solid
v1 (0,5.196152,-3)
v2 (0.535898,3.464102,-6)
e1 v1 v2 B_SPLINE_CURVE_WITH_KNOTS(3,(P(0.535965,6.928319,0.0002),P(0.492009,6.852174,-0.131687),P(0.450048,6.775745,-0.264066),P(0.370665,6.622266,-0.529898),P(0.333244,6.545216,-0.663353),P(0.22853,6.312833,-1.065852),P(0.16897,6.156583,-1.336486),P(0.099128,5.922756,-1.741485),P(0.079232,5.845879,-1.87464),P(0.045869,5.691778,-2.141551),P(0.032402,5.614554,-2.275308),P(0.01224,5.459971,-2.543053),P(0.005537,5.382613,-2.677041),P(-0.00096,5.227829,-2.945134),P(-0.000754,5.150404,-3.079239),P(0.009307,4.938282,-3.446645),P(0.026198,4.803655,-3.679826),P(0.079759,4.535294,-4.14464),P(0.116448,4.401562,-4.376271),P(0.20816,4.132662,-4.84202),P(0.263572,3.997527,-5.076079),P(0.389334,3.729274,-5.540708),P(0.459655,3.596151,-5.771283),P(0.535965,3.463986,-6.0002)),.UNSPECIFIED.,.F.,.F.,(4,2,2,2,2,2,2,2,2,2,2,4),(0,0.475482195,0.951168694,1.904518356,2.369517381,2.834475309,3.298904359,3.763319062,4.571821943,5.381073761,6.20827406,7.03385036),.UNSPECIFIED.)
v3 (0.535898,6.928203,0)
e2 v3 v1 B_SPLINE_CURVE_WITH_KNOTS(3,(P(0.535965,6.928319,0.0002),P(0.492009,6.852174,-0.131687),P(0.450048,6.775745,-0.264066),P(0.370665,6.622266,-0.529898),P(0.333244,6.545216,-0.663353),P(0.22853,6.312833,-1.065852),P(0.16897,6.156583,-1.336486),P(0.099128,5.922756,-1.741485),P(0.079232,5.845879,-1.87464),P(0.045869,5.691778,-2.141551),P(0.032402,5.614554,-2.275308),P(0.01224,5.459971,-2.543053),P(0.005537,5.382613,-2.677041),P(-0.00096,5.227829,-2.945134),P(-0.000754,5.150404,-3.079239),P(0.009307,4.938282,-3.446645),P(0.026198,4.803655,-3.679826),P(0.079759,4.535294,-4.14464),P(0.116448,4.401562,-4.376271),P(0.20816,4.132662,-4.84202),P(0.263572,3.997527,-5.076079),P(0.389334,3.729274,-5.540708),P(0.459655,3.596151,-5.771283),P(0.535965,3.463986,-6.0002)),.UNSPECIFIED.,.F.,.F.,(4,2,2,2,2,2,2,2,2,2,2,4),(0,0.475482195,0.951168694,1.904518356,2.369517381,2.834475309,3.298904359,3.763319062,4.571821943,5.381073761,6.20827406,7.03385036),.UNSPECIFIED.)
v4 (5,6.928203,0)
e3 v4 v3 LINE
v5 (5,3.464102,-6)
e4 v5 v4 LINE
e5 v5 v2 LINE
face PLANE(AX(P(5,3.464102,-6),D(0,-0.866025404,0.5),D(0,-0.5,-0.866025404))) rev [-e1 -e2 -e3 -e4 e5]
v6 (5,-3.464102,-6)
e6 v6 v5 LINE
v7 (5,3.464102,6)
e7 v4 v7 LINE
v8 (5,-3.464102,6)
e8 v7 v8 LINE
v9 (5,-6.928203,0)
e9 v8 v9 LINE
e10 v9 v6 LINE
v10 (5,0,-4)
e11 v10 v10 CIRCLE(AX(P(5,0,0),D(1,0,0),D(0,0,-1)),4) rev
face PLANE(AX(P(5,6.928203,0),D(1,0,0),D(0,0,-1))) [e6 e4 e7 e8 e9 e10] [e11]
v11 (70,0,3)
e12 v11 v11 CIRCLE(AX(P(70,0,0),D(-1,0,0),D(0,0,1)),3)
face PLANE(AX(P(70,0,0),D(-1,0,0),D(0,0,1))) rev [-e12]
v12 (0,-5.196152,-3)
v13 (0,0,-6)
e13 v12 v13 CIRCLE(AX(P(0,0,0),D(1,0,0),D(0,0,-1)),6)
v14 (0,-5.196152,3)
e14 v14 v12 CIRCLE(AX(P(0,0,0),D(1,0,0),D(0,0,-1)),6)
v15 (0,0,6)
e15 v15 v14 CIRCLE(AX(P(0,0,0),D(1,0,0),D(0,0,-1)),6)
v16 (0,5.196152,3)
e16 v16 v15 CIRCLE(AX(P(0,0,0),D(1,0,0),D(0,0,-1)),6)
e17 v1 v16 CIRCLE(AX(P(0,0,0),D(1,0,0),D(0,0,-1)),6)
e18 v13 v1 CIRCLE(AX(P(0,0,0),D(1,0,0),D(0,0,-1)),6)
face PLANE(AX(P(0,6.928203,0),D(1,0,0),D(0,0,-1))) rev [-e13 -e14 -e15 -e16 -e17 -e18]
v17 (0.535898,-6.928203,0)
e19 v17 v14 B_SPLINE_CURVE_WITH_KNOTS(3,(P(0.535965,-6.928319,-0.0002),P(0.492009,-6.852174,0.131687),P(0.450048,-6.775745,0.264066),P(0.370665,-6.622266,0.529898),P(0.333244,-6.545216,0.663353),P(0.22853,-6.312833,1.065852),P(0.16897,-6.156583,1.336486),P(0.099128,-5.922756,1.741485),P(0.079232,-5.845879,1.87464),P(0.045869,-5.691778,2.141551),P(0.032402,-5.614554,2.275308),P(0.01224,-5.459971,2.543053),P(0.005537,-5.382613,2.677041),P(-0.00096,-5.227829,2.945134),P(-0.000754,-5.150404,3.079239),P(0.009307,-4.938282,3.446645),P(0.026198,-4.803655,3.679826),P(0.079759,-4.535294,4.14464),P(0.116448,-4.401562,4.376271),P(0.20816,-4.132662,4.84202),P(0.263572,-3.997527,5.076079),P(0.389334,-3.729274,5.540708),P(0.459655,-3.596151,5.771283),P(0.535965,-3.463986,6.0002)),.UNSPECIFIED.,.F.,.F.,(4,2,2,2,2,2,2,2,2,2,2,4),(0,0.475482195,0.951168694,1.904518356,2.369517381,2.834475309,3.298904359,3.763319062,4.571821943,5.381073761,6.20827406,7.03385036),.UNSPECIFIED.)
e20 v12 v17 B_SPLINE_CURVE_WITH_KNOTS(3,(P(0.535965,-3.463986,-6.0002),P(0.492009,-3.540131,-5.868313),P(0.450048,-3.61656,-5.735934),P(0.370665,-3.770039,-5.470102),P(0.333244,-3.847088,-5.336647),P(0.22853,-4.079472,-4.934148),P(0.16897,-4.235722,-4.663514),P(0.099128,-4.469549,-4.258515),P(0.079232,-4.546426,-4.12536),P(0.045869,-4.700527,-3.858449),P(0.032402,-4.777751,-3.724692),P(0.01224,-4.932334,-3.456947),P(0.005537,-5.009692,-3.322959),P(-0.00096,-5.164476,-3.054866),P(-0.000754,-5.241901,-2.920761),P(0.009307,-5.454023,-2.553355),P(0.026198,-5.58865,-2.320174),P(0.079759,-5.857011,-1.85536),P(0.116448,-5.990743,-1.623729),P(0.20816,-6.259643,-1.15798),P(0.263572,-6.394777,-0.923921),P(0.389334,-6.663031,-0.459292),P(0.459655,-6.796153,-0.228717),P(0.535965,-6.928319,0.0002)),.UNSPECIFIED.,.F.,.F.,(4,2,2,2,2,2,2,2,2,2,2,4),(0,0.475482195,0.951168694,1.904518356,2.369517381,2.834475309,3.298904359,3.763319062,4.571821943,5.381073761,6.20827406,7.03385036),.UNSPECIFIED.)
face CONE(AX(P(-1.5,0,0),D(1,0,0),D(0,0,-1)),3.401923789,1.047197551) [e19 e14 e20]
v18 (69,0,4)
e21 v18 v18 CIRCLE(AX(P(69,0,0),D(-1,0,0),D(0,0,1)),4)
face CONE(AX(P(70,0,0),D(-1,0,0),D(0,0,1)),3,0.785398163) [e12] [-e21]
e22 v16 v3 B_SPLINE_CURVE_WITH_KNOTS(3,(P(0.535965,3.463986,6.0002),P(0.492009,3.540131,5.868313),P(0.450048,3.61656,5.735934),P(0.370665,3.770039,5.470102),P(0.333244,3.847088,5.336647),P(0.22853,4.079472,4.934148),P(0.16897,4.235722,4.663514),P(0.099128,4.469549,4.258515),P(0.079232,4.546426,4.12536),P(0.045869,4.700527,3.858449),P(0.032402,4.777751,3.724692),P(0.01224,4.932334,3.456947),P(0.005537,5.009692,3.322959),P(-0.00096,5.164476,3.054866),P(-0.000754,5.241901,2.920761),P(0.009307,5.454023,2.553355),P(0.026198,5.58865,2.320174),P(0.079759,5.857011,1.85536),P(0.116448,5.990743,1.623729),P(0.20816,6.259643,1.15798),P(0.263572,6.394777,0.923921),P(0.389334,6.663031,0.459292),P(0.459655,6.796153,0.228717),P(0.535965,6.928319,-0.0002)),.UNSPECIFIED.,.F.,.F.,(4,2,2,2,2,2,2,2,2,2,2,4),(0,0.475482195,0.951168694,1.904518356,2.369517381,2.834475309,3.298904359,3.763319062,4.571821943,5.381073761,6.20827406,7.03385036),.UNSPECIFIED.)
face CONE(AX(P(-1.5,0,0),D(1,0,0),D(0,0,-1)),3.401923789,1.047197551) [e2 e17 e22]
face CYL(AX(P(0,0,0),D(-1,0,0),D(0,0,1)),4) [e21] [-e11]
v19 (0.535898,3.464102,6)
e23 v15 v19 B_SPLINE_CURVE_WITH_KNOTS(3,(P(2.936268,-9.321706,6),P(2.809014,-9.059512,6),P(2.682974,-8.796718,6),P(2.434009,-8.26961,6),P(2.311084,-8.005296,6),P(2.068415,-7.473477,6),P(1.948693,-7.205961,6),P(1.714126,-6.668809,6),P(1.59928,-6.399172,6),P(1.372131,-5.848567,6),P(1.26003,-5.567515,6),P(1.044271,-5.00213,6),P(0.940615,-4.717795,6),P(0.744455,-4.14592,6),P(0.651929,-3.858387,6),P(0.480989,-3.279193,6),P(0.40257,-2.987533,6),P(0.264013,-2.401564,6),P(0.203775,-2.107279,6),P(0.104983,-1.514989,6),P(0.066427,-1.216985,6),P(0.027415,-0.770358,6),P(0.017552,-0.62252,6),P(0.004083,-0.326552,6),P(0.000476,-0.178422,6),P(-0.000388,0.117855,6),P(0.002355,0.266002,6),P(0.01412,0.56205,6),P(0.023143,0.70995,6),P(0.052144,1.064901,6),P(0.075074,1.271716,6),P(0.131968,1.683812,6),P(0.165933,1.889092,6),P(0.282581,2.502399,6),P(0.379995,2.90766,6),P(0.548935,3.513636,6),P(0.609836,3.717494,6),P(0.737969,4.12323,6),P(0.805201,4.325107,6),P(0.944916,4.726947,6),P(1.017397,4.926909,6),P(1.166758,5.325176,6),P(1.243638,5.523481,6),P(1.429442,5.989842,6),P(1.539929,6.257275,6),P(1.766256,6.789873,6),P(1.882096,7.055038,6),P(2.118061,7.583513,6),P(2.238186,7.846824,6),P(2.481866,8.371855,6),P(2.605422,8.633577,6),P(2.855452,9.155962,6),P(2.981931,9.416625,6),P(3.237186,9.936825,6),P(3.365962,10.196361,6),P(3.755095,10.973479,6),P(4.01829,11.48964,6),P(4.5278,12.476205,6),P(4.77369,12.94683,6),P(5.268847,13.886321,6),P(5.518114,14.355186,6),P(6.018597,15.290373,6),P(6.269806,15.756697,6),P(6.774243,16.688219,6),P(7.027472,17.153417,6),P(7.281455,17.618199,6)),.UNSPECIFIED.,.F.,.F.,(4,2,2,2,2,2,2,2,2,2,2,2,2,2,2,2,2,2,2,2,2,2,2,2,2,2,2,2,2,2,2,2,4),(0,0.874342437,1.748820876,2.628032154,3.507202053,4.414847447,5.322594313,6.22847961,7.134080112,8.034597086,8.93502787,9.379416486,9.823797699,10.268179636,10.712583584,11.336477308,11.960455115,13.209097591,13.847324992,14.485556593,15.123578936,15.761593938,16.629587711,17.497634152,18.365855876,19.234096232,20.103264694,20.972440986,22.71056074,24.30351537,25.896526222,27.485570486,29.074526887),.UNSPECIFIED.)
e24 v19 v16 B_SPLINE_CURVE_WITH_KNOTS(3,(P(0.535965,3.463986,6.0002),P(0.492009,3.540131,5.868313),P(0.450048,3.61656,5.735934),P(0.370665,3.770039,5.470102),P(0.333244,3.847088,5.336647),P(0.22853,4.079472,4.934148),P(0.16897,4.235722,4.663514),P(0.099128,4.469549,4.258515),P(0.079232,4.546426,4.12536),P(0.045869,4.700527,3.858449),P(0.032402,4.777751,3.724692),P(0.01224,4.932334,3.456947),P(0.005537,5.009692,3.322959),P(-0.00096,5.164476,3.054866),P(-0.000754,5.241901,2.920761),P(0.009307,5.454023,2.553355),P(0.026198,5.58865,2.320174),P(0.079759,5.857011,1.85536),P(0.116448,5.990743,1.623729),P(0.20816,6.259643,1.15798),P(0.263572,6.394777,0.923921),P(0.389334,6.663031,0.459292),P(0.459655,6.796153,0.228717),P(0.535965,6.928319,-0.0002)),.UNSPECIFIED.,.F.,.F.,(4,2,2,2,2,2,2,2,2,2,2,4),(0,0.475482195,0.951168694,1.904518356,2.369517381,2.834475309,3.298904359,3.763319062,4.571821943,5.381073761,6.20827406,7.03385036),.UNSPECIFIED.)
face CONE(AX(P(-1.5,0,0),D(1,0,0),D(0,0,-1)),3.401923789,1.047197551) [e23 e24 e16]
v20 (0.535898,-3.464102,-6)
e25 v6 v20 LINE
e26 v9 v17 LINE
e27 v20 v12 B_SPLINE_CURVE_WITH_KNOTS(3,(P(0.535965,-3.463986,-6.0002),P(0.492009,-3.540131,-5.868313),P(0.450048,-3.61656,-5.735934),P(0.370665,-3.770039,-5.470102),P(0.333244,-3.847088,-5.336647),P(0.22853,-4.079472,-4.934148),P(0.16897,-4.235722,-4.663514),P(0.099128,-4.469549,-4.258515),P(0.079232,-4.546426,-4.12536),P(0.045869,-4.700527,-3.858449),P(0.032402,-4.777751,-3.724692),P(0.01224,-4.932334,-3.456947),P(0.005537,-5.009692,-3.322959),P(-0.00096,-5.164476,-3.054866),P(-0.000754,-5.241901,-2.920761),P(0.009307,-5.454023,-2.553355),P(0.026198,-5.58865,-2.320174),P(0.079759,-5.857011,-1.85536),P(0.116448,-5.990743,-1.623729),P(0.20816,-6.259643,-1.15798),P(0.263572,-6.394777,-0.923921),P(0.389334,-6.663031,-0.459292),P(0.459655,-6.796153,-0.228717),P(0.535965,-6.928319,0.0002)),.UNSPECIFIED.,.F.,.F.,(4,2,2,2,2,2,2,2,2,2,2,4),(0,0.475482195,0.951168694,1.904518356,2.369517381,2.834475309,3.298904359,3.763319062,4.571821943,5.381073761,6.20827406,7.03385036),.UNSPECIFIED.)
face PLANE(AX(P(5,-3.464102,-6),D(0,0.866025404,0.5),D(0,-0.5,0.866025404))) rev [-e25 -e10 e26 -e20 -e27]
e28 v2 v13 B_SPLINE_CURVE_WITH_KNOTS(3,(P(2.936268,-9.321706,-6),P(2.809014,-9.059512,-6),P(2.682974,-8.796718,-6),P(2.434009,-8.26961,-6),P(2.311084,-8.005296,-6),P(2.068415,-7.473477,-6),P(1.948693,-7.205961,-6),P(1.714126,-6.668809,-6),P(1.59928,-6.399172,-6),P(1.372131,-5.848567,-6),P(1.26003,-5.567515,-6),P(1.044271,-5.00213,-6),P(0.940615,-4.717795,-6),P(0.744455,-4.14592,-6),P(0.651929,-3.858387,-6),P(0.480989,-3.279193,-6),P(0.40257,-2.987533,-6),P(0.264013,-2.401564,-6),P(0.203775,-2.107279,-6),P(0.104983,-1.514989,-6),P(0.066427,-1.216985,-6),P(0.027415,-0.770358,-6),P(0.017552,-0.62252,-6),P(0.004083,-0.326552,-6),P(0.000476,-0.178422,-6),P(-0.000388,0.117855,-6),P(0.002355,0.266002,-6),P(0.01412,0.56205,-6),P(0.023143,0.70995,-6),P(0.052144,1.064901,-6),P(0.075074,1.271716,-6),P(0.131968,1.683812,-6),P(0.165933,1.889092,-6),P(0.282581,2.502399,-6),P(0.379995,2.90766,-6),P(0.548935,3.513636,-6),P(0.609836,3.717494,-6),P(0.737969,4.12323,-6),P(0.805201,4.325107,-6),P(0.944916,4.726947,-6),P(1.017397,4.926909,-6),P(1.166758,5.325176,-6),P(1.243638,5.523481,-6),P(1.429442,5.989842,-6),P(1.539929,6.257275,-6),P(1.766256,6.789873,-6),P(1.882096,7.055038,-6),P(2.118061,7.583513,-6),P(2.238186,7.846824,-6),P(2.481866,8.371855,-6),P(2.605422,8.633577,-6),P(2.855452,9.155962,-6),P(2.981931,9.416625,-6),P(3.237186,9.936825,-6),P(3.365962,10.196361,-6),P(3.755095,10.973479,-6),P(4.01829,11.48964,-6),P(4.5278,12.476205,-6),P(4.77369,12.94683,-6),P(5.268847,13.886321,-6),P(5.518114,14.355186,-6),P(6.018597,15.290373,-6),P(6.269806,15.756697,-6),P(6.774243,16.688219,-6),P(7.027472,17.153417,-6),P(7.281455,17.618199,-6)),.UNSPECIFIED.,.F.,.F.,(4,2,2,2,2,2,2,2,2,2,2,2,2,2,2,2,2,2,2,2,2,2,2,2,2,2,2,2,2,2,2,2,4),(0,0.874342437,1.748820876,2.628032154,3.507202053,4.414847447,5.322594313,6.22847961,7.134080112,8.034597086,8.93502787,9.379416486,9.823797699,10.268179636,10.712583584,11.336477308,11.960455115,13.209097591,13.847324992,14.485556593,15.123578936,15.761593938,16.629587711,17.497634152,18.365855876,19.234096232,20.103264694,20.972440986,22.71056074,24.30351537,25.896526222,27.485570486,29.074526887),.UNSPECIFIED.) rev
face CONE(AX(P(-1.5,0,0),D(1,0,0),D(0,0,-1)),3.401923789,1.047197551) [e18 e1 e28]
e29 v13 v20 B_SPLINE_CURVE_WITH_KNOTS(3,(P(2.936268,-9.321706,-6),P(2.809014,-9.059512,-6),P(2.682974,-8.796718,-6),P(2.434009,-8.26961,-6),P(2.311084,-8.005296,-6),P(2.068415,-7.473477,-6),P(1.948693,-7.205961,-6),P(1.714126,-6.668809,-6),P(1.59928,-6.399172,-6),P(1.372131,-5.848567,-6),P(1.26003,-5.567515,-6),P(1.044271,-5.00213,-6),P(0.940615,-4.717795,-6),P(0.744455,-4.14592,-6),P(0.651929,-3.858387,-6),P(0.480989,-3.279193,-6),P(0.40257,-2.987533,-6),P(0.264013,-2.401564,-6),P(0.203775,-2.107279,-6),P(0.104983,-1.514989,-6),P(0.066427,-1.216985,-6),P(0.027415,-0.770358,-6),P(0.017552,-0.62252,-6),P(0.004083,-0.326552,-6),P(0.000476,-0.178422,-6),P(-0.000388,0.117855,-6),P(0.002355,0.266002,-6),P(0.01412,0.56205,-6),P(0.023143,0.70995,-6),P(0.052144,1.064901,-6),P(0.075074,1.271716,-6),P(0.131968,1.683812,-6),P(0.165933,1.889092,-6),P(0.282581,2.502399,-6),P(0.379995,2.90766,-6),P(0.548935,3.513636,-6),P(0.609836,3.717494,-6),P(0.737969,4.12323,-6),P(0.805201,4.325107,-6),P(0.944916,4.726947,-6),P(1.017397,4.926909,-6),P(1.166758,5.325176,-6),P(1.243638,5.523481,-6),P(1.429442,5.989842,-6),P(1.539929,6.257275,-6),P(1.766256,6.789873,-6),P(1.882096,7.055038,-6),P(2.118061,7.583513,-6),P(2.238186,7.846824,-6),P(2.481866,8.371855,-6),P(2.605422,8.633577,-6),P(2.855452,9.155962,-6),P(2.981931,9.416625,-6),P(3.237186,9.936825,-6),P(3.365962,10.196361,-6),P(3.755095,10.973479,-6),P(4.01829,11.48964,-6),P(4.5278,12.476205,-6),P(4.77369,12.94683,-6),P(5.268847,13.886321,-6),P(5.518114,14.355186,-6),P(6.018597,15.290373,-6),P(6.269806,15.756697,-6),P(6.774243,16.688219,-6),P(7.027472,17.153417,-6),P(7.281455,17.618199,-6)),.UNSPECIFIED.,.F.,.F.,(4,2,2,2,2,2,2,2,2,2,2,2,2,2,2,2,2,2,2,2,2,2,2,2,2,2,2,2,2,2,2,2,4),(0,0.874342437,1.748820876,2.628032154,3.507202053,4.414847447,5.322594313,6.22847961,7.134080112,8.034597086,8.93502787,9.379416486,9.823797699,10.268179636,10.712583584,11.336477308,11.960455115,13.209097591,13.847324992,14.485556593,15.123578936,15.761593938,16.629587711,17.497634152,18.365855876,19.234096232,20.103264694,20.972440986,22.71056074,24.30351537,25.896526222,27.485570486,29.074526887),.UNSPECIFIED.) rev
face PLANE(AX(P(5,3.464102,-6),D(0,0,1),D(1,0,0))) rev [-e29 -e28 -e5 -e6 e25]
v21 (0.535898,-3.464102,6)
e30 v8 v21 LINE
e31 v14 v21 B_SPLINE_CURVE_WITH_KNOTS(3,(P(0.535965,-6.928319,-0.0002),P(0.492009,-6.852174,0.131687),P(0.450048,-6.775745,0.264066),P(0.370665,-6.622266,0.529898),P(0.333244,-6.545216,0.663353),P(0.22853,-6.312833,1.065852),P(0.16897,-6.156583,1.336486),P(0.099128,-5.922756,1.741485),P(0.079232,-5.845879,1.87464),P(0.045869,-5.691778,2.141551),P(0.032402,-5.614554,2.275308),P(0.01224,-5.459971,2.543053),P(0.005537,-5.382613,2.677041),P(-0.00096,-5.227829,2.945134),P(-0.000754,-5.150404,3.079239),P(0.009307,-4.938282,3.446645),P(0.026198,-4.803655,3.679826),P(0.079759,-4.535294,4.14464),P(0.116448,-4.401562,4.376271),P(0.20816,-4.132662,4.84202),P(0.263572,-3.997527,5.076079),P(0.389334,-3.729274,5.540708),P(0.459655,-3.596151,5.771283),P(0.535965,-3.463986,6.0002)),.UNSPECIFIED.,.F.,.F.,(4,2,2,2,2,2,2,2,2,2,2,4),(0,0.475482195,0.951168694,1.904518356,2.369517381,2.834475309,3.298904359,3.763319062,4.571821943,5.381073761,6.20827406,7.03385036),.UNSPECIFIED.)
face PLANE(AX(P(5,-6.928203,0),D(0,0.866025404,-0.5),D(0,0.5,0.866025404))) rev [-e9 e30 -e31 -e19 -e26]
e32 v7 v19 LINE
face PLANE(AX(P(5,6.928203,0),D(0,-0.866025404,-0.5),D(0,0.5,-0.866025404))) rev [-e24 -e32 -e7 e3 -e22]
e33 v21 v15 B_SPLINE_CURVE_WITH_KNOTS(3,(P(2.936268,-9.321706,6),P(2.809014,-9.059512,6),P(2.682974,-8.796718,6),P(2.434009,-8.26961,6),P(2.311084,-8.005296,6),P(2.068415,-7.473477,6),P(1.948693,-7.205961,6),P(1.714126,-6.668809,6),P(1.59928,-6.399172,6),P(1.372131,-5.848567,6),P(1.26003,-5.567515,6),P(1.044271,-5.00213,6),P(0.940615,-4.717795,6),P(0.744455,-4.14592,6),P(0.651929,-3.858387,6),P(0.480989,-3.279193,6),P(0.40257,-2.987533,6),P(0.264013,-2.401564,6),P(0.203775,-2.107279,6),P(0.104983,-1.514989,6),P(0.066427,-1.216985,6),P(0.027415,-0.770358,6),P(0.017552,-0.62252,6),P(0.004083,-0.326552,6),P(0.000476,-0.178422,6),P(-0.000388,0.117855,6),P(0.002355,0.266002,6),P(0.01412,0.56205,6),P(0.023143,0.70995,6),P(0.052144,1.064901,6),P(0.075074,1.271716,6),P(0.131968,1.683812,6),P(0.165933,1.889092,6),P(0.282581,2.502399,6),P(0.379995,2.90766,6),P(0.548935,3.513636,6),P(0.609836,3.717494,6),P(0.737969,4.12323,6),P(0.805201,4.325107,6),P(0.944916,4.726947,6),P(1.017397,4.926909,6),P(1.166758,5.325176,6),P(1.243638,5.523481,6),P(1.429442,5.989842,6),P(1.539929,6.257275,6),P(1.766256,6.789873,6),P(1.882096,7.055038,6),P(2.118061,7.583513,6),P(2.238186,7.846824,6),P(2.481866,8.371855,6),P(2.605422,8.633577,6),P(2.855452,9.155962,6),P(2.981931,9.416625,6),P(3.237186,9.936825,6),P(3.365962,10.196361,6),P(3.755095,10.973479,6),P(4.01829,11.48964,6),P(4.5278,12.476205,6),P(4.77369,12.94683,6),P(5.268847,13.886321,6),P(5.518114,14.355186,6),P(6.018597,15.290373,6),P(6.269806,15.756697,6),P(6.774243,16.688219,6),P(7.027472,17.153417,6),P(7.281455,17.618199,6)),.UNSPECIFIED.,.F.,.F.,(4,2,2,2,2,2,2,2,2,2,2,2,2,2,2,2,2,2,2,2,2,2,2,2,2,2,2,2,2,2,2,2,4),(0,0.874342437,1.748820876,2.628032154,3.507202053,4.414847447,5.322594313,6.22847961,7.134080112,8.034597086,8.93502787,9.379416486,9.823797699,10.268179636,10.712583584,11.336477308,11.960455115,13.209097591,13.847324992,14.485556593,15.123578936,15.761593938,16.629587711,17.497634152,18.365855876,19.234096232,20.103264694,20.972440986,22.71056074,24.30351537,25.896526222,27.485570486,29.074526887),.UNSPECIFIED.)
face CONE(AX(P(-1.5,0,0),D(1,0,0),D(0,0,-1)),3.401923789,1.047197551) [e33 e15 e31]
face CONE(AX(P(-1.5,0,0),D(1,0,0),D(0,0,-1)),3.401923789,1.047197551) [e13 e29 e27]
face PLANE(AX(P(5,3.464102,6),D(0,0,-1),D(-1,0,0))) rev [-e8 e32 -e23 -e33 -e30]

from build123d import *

# Parameters (mm, degrees)
BASEHEAD_DEPTH = 5
BEARINGSKE_W   = 0.8
BEARINGSKE_H   = 8.07179677


with BuildPart() as part:
    # HeadSke → BaseHead (new body)
    with BuildSketch(Plane(origin=(0, 0, 0), x_dir=(0, 0, -1), z_dir=(1, 0, 0))):
        Polygon((6, 3.464101615), (6, -3.464101615), (0, -6.92820323), (-6, -3.464101615), (-6, 3.464101615), (0, 6.92820323), align=None)
    extrude(amount=BASEHEAD_DEPTH)

    # BodySke → BaseBody (revolve)
    with BuildSketch(Plane.XY, mode=Mode.PRIVATE) as basebody_sk:
        Polygon((0, 0), (70, 0), (70, 3), (69, 4), (0, 4), align=None)
    revolve(basebody_sk.sketch.rotate(Axis((0, 0, 0), (1, 0, 0)), 90), axis=Axis((0, 0, 0), (1, 0, 0)))

    # Sketch3 → HeadChamfer (revolve, cut)
    with BuildSketch(Plane(origin=(0, 0, 0), x_dir=(1, 0, 0), z_dir=(0, 1, 0))):
        Polygon((1.5, 8.598076211), (-1.5, 3.401923789), (-13.554766255, 10.361746331), (-10.554766255, 15.557898754), align=None)
    revolve(axis=Axis((0, 0, 0), (1, 0, 0)), mode=Mode.SUBTRACT)

    # BearingSke → BearingFace (revolve, cut)
    with BuildSketch(Plane.XY):
        with Locations((4.6, 10.964101615)):
            Rectangle(BEARINGSKE_W, BEARINGSKE_H)
    revolve(axis=Axis((0, 0, 0), (1, 0, 0)), mode=Mode.SUBTRACT)


solid = part.part
